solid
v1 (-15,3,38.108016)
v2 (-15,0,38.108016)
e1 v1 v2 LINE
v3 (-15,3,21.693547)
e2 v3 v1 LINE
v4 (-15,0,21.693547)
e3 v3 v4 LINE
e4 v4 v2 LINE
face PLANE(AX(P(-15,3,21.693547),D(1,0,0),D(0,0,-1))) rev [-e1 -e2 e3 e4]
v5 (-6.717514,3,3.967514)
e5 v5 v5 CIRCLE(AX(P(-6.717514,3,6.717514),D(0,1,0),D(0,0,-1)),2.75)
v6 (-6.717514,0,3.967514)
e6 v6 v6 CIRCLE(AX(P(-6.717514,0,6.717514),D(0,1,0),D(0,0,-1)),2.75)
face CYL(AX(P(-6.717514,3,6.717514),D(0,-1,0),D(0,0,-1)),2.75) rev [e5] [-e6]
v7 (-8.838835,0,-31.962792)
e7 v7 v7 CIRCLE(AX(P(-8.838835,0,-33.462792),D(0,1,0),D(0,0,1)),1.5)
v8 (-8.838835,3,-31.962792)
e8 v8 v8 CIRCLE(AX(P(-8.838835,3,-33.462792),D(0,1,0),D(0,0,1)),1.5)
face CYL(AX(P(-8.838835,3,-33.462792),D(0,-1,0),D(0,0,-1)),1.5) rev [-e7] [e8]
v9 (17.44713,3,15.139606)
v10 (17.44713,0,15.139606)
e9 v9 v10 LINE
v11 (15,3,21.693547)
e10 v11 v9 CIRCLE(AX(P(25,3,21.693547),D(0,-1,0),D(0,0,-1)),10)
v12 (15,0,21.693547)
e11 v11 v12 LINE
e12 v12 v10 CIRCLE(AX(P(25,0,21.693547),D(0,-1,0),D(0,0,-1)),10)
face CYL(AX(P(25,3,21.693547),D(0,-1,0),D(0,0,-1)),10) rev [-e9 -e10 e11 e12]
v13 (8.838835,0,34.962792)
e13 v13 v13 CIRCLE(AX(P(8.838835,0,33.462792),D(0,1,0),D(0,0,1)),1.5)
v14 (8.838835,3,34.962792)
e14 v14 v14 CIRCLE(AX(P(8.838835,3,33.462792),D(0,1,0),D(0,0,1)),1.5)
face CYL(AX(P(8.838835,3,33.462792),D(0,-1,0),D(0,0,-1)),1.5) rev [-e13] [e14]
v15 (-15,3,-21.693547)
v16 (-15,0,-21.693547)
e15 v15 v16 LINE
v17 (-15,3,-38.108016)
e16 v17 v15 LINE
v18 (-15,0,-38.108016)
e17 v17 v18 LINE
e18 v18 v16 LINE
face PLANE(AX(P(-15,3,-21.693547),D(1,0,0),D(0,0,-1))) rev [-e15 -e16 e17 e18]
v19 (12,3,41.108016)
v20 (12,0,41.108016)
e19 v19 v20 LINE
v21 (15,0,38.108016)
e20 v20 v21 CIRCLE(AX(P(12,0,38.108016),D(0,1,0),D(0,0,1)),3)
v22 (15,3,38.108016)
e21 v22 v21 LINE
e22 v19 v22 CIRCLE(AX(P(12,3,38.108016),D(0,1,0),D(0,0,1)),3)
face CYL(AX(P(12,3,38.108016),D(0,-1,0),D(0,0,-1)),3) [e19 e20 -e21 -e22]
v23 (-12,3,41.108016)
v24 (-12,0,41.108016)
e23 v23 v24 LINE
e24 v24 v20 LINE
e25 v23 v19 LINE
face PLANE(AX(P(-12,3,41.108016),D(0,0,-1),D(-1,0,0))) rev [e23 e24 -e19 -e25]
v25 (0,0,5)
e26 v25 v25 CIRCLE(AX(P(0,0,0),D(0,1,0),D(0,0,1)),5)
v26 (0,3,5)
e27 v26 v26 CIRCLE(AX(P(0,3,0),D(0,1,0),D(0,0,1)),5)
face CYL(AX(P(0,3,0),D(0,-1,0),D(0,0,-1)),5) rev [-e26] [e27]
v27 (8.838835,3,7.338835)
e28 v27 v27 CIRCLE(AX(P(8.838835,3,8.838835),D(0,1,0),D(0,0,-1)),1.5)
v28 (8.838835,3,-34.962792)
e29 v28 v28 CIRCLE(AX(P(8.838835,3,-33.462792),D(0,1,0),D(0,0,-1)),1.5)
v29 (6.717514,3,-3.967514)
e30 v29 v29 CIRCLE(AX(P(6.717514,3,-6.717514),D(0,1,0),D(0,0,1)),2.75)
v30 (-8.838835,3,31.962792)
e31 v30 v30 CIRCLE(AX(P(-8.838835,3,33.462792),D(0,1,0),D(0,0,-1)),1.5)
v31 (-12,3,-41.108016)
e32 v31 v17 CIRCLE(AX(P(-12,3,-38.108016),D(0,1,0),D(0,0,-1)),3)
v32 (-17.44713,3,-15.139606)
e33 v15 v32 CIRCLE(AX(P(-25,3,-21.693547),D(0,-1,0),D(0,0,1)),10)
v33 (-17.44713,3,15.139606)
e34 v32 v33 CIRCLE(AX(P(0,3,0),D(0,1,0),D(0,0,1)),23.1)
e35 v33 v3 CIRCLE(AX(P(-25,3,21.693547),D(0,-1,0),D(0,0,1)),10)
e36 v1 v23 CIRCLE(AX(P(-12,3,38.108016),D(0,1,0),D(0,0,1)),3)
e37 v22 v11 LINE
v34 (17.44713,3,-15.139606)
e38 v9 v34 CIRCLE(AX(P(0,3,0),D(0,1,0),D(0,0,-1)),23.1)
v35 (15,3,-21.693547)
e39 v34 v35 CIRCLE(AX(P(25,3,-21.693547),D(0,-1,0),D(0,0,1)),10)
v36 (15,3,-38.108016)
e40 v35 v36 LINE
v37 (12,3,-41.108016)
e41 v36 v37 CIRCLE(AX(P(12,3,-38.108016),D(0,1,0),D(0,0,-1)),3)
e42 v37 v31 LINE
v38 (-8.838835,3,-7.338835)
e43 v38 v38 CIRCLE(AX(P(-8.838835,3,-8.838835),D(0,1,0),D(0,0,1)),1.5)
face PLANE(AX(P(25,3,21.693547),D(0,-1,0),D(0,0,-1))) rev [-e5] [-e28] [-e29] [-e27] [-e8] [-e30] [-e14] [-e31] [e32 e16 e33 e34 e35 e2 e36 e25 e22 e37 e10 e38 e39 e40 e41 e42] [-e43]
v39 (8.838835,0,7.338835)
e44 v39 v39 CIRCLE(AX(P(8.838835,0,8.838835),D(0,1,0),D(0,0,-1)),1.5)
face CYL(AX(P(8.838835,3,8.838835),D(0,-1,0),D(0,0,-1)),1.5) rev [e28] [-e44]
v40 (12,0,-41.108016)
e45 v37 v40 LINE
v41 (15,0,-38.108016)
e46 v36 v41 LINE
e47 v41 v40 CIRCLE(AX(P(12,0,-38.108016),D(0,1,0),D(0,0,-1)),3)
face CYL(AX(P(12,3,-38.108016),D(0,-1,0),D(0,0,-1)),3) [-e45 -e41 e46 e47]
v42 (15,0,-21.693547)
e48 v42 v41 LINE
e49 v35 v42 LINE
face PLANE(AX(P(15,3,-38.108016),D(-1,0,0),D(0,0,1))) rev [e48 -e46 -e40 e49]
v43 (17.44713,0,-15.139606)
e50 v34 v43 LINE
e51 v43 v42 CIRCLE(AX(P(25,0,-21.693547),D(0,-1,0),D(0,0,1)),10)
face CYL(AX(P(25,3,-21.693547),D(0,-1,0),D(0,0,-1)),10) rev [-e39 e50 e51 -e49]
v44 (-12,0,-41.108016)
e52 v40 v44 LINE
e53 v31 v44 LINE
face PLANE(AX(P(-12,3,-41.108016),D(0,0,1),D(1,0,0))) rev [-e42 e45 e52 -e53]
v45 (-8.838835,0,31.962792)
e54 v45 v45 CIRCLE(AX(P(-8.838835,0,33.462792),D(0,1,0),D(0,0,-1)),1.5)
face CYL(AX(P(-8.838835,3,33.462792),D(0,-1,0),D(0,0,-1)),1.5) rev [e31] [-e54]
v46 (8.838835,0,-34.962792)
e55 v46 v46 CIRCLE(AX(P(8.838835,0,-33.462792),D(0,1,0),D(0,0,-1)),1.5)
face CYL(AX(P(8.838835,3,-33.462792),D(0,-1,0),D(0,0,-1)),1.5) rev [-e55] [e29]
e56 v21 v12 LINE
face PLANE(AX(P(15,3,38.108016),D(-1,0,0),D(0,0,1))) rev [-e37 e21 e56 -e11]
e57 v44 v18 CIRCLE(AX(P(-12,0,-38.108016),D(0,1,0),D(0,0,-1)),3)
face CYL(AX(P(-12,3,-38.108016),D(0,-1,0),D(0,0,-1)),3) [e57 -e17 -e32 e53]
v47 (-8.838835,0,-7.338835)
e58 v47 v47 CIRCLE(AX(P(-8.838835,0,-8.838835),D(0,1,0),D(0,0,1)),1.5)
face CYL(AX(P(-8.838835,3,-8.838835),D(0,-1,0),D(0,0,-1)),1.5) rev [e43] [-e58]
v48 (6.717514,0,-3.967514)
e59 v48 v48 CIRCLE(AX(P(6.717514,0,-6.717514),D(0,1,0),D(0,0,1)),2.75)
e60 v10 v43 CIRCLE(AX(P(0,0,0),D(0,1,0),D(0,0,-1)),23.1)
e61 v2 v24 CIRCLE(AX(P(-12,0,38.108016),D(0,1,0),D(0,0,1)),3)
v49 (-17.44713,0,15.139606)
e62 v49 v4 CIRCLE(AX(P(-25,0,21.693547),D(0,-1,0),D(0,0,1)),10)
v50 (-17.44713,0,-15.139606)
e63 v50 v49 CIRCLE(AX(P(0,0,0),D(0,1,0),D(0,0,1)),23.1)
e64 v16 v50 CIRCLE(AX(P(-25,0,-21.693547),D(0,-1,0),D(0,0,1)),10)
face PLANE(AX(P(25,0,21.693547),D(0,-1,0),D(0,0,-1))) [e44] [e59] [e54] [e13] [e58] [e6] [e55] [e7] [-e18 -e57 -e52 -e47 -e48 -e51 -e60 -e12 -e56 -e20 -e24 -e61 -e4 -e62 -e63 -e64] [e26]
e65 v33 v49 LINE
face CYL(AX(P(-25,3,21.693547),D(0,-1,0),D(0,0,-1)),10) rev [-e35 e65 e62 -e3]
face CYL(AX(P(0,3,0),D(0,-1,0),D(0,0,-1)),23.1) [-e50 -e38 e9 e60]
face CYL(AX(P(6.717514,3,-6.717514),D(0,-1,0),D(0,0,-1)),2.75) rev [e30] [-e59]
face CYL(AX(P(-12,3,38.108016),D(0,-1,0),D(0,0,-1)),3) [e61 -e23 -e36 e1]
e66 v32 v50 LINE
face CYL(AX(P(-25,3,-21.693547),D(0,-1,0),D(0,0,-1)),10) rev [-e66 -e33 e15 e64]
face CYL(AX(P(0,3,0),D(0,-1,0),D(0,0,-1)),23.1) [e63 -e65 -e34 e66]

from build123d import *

# Parameters (mm, degrees)
SKETCH1_R           = 1.5
SKETCH1_R_2         = 2.75
SKETCH1_R_3         = 5
BOSS_EXTRUDE1_DEPTH = 3


with BuildPart() as part:
    # Sketch1 → Boss-Extrude1 (new body)
    with BuildSketch(Plane(origin=(0, 0, 0), x_dir=(1, 0, 0), z_dir=(0, 1, 0))):
        with BuildLine():
            Line((-15, 21.693547428), (-15, 38.108016468))
            ThreePointArc((-15, 38.108016468), (-14.121320344, 40.229336812), (-12, 41.108016468))
            Line((-12, 41.108016468), (12, 41.108016468))
            ThreePointArc((12, 41.108016468), (14.121320344, 40.229336812), (15, 38.108016468))
            Line((15, 38.108016468), (15, 21.693547428))
            ThreePointArc((15, 21.693547428), (15.631737063, 18.195598093), (17.447129909, 15.139605607))
            ThreePointArc((17.447129909, 15.139605607), (23.1, 0), (17.447129909, -15.139605607))
            ThreePointArc((17.447129909, -15.139605607), (15.631737063, -18.195598093), (15, -21.693547428))
            Line((15, -21.693547428), (15, -38.108016468))
            ThreePointArc((15, -38.108016468), (14.121320344, -40.229336812), (12, -41.108016468))
            Line((12, -41.108016468), (-12, -41.108016468))
            ThreePointArc((-12, -41.108016468), (-14.121320344, -40.229336812), (-15, -38.108016468))
            Line((-15, -38.108016468), (-15, -21.693547428))
            ThreePointArc((-15, -21.693547428), (-15.631737063, -18.195598093), (-17.447129909, -15.139605607))
            ThreePointArc((-17.447129909, -15.139605607), (-23.1, 0), (-17.447129909, 15.139605607))
            ThreePointArc((-17.447129909, 15.139605607), (-15.631737063, 18.195598093), (-15, 21.693547428))
        make_face()
        with Locations(Location((-8.838834765, 8.838834765, 0), (0, 0, 270))):
            Circle(SKETCH1_R, mode=Mode.SUBTRACT)
        with Locations(Location((8.838834765, -8.838834765, 0), (0, 0, 90))):
            Circle(SKETCH1_R, mode=Mode.SUBTRACT)
        with Locations(Location((6.717514421, 6.717514421, 0), (0, 0, 270))):
            Circle(SKETCH1_R_2, mode=Mode.SUBTRACT)
        with Locations(Location((-6.717514421, -6.717514421, 0), (0, 0, 90))):
            Circle(SKETCH1_R_2, mode=Mode.SUBTRACT)
        with Locations(Location((0, 0, 0), (0, 0, 270))):
            Circle(SKETCH1_R_3, mode=Mode.SUBTRACT)
        with Locations(Location((-8.838834765, 33.462792438, 0), (0, 0, 270))):
            Circle(SKETCH1_R, mode=Mode.SUBTRACT)
        with Locations(Location((8.838834765, 33.462792438, 0), (0, 0, 90))):
            Circle(SKETCH1_R, mode=Mode.SUBTRACT)
        with Locations(Location((8.838834765, -33.462792438, 0), (0, 0, 270))):
            Circle(SKETCH1_R, mode=Mode.SUBTRACT)
        with Locations(Location((-8.838834765, -33.462792438, 0), (0, 0, 90))):
            Circle(SKETCH1_R, mode=Mode.SUBTRACT)
    extrude(amount=BOSS_EXTRUDE1_DEPTH)


solid = part.part
